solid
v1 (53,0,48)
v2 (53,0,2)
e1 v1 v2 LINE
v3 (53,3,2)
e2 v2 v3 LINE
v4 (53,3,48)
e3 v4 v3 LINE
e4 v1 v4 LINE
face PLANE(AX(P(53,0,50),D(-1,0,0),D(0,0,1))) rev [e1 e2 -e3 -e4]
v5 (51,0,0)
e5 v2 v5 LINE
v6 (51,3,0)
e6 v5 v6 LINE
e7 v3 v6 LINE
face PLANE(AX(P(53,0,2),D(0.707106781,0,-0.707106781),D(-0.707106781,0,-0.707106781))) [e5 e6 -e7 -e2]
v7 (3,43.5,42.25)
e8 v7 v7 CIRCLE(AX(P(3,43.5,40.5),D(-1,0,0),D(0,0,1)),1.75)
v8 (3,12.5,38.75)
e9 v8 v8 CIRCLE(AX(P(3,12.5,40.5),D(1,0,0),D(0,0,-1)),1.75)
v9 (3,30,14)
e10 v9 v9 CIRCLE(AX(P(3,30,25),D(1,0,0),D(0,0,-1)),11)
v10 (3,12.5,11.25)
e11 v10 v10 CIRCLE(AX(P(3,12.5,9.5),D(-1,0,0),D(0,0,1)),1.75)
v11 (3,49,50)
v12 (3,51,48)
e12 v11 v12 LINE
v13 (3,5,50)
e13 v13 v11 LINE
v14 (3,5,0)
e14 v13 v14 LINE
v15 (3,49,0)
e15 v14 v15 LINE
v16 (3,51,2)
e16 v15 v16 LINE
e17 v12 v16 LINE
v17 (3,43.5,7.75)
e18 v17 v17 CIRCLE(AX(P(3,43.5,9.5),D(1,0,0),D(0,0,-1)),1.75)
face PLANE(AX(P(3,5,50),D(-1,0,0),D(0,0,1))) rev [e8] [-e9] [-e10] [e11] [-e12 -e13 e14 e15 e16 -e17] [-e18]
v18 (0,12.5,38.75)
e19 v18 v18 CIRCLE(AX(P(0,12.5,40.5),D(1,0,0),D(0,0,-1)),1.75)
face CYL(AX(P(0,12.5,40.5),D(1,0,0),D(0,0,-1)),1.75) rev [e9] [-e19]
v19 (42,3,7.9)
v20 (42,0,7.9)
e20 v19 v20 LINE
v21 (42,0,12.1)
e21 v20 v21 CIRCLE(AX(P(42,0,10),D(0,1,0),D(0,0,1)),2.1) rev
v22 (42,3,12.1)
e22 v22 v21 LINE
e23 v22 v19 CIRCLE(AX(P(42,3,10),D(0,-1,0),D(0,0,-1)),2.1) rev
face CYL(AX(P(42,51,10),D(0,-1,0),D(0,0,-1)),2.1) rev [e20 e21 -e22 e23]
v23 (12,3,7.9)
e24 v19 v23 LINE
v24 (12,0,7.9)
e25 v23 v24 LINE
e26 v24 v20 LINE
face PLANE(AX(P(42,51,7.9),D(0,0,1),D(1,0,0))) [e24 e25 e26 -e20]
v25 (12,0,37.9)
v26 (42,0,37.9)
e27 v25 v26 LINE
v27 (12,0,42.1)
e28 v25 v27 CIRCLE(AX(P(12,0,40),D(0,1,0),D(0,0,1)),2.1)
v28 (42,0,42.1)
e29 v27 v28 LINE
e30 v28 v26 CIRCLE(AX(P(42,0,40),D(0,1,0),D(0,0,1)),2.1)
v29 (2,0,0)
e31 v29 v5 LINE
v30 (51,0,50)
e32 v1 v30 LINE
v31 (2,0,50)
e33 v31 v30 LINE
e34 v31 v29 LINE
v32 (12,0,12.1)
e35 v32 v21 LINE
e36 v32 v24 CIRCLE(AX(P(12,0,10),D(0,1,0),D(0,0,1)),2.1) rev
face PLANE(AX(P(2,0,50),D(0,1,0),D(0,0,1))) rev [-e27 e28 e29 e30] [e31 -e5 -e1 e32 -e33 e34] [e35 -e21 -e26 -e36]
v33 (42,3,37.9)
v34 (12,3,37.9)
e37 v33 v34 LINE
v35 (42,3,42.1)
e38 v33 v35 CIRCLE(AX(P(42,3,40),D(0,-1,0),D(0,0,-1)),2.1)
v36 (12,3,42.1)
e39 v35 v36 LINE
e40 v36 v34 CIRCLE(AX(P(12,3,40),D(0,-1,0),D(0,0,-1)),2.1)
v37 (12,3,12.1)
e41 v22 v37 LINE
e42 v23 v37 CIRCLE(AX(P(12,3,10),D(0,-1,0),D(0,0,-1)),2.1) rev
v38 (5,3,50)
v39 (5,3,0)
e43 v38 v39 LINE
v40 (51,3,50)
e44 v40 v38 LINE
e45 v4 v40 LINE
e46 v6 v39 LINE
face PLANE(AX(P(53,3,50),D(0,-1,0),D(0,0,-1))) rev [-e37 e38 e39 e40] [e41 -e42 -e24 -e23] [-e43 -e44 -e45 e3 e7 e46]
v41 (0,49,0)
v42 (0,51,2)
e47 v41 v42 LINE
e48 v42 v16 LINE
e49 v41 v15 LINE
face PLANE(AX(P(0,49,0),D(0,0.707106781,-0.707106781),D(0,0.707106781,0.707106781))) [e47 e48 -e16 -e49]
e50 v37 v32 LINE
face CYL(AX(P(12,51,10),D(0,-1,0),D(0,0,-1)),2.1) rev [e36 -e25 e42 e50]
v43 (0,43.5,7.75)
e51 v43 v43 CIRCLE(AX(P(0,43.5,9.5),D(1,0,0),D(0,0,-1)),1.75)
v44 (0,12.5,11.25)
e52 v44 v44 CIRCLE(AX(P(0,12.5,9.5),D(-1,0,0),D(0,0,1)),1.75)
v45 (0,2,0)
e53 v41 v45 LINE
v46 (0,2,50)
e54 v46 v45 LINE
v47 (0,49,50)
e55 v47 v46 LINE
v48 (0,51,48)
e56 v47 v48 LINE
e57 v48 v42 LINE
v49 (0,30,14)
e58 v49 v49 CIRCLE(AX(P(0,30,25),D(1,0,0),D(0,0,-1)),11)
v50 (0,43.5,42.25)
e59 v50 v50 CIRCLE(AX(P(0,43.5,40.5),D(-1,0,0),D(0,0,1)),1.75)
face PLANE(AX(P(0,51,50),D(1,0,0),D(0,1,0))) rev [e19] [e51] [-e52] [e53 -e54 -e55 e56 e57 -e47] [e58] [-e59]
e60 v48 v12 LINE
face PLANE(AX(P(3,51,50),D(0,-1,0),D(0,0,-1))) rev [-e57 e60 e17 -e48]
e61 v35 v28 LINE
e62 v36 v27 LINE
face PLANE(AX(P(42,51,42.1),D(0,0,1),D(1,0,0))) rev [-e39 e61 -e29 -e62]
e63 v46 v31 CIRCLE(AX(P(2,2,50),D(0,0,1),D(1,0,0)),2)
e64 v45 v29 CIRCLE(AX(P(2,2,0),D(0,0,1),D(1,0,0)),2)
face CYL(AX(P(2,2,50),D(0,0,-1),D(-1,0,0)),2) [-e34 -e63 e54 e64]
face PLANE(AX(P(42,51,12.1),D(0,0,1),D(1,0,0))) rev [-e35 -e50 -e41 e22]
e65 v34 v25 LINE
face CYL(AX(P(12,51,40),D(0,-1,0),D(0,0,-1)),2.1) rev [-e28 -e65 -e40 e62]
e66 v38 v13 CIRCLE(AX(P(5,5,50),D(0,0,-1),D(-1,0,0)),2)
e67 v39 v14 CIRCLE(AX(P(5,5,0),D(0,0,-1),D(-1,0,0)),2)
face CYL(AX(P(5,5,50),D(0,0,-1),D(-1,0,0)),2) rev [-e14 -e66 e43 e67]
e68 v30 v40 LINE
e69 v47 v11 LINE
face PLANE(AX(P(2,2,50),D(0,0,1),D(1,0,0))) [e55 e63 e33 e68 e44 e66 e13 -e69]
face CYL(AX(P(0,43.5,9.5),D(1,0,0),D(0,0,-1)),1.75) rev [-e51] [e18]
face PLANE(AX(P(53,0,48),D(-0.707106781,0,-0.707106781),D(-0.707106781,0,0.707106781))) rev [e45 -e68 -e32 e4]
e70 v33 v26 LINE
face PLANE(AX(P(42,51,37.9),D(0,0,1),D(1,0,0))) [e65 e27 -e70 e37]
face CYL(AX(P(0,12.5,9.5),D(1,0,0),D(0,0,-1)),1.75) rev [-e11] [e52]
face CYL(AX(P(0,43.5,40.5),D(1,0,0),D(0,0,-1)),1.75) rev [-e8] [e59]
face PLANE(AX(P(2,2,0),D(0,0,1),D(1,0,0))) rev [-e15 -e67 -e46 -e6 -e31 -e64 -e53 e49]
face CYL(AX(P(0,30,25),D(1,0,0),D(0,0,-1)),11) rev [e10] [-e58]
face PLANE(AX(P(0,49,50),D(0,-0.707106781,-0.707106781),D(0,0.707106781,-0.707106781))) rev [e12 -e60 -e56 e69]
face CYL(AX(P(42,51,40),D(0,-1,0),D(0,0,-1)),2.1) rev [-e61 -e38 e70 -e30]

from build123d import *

# Parameters (mm, degrees)
Y_KSEKLIK_EKSTR_ZYON1_DEPTH = 50
IZIM2_R                     = 11
IZIM2_R_2                   = 1.75
KES_EKSTR_ZYON1_DEPTH       = 88.183714076
KES_EKSTR_ZYON2_DEPTH       = 88.252507127
KES_EKSTR_ZYON2_DEPTH_BACK  = 10
KES_EKSTR_ZYON3_DEPTH       = 88.183714076
KES_EKSTR_ZYON4_DEPTH       = 88.252507127


with BuildPart() as part:
    # Çizim1 → Yükseklik-Ekstrüzyon1 (new body)
    with BuildSketch(Plane.XY):
        with BuildLine():
            Line((0, 51), (0, 2))
            ThreePointArc((0, 2), (0.585786438, 0.585786438), (2, 0))
            Line((2, 0), (53, 0))
            Line((53, 0), (53, 3))
            Line((53, 3), (5, 3))
            ThreePointArc((5, 3), (3.585786438, 3.585786438), (3, 5))
            Line((3, 5), (3, 51))
            Line((3, 51), (0, 51))
        make_face()
    extrude(amount=Y_KSEKLIK_EKSTR_ZYON1_DEPTH)

    # Çizim2 → Kes-Ekstrüzyon1 (cut, through all)
    with BuildSketch(Plane(origin=(3, 0, 0), x_dir=(0, 0, -1), z_dir=(1, 0, 0))):
        with Locations((-25, 30)):
            Circle(IZIM2_R)
        with Locations((-9.5, 43.5)):
            Circle(IZIM2_R_2)
        with Locations(Location((-40.5, 43.5, 0), (0, 0, 180))):
            Circle(IZIM2_R_2)
        with Locations(Location((-9.5, 12.5, 0), (0, 0, 180))):
            Circle(IZIM2_R_2)
        with Locations((-40.5, 12.5)):
            Circle(IZIM2_R_2)
    extrude(amount=-KES_EKSTR_ZYON1_DEPTH, mode=Mode.SUBTRACT)

    # Çizim3 → Kes-Ekstrüzyon2 (cut, two sides: drawn at the far end of the back side and taken through both)
    with BuildSketch(Plane(origin=(0, 3, 0), x_dir=(1, 0, 0), z_dir=(0, 1, 0)).offset(-KES_EKSTR_ZYON2_DEPTH_BACK)):
        with BuildLine():
            Line((42, -12.1), (12, -12.1))
            ThreePointArc((12, -12.1), (9.9, -10), (12, -7.9))
            Line((12, -7.9), (42, -7.9))
            ThreePointArc((42, -7.9), (44.1, -10), (42, -12.1))
        make_face()
        with BuildLine():
            Line((42, -37.9), (12, -37.9))
            ThreePointArc((12, -37.9), (9.9, -40), (12, -42.1))
            Line((12, -42.1), (42, -42.1))
            ThreePointArc((42, -42.1), (44.1, -40), (42, -37.9))
        make_face()
    extrude(amount=KES_EKSTR_ZYON2_DEPTH + KES_EKSTR_ZYON2_DEPTH_BACK, mode=Mode.SUBTRACT)

    # Çizim4 → Kes-Ekstrüzyon3 (cut, through all)
    with BuildSketch(Plane(origin=(3, 0, 0), x_dir=(0, 0, -1), z_dir=(1, 0, 0))):
        Polygon((-50, 49), (-50, 51), (-48, 51), align=None)
        Polygon((0, 49), (0, 51), (-2, 51), align=None)
    extrude(amount=-KES_EKSTR_ZYON3_DEPTH, mode=Mode.SUBTRACT)

    # Çizim5 → Kes-Ekstrüzyon4 (cut, through all)
    with BuildSketch(Plane(origin=(0, 3, 0), x_dir=(1, 0, 0), z_dir=(0, 1, 0))):
        Polygon((53, -48), (51, -50), (53, -50), align=None)
        Polygon((53, 0), (53, -2), (51, 0), align=None)
    extrude(amount=-KES_EKSTR_ZYON4_DEPTH, mode=Mode.SUBTRACT)


solid = part.part
